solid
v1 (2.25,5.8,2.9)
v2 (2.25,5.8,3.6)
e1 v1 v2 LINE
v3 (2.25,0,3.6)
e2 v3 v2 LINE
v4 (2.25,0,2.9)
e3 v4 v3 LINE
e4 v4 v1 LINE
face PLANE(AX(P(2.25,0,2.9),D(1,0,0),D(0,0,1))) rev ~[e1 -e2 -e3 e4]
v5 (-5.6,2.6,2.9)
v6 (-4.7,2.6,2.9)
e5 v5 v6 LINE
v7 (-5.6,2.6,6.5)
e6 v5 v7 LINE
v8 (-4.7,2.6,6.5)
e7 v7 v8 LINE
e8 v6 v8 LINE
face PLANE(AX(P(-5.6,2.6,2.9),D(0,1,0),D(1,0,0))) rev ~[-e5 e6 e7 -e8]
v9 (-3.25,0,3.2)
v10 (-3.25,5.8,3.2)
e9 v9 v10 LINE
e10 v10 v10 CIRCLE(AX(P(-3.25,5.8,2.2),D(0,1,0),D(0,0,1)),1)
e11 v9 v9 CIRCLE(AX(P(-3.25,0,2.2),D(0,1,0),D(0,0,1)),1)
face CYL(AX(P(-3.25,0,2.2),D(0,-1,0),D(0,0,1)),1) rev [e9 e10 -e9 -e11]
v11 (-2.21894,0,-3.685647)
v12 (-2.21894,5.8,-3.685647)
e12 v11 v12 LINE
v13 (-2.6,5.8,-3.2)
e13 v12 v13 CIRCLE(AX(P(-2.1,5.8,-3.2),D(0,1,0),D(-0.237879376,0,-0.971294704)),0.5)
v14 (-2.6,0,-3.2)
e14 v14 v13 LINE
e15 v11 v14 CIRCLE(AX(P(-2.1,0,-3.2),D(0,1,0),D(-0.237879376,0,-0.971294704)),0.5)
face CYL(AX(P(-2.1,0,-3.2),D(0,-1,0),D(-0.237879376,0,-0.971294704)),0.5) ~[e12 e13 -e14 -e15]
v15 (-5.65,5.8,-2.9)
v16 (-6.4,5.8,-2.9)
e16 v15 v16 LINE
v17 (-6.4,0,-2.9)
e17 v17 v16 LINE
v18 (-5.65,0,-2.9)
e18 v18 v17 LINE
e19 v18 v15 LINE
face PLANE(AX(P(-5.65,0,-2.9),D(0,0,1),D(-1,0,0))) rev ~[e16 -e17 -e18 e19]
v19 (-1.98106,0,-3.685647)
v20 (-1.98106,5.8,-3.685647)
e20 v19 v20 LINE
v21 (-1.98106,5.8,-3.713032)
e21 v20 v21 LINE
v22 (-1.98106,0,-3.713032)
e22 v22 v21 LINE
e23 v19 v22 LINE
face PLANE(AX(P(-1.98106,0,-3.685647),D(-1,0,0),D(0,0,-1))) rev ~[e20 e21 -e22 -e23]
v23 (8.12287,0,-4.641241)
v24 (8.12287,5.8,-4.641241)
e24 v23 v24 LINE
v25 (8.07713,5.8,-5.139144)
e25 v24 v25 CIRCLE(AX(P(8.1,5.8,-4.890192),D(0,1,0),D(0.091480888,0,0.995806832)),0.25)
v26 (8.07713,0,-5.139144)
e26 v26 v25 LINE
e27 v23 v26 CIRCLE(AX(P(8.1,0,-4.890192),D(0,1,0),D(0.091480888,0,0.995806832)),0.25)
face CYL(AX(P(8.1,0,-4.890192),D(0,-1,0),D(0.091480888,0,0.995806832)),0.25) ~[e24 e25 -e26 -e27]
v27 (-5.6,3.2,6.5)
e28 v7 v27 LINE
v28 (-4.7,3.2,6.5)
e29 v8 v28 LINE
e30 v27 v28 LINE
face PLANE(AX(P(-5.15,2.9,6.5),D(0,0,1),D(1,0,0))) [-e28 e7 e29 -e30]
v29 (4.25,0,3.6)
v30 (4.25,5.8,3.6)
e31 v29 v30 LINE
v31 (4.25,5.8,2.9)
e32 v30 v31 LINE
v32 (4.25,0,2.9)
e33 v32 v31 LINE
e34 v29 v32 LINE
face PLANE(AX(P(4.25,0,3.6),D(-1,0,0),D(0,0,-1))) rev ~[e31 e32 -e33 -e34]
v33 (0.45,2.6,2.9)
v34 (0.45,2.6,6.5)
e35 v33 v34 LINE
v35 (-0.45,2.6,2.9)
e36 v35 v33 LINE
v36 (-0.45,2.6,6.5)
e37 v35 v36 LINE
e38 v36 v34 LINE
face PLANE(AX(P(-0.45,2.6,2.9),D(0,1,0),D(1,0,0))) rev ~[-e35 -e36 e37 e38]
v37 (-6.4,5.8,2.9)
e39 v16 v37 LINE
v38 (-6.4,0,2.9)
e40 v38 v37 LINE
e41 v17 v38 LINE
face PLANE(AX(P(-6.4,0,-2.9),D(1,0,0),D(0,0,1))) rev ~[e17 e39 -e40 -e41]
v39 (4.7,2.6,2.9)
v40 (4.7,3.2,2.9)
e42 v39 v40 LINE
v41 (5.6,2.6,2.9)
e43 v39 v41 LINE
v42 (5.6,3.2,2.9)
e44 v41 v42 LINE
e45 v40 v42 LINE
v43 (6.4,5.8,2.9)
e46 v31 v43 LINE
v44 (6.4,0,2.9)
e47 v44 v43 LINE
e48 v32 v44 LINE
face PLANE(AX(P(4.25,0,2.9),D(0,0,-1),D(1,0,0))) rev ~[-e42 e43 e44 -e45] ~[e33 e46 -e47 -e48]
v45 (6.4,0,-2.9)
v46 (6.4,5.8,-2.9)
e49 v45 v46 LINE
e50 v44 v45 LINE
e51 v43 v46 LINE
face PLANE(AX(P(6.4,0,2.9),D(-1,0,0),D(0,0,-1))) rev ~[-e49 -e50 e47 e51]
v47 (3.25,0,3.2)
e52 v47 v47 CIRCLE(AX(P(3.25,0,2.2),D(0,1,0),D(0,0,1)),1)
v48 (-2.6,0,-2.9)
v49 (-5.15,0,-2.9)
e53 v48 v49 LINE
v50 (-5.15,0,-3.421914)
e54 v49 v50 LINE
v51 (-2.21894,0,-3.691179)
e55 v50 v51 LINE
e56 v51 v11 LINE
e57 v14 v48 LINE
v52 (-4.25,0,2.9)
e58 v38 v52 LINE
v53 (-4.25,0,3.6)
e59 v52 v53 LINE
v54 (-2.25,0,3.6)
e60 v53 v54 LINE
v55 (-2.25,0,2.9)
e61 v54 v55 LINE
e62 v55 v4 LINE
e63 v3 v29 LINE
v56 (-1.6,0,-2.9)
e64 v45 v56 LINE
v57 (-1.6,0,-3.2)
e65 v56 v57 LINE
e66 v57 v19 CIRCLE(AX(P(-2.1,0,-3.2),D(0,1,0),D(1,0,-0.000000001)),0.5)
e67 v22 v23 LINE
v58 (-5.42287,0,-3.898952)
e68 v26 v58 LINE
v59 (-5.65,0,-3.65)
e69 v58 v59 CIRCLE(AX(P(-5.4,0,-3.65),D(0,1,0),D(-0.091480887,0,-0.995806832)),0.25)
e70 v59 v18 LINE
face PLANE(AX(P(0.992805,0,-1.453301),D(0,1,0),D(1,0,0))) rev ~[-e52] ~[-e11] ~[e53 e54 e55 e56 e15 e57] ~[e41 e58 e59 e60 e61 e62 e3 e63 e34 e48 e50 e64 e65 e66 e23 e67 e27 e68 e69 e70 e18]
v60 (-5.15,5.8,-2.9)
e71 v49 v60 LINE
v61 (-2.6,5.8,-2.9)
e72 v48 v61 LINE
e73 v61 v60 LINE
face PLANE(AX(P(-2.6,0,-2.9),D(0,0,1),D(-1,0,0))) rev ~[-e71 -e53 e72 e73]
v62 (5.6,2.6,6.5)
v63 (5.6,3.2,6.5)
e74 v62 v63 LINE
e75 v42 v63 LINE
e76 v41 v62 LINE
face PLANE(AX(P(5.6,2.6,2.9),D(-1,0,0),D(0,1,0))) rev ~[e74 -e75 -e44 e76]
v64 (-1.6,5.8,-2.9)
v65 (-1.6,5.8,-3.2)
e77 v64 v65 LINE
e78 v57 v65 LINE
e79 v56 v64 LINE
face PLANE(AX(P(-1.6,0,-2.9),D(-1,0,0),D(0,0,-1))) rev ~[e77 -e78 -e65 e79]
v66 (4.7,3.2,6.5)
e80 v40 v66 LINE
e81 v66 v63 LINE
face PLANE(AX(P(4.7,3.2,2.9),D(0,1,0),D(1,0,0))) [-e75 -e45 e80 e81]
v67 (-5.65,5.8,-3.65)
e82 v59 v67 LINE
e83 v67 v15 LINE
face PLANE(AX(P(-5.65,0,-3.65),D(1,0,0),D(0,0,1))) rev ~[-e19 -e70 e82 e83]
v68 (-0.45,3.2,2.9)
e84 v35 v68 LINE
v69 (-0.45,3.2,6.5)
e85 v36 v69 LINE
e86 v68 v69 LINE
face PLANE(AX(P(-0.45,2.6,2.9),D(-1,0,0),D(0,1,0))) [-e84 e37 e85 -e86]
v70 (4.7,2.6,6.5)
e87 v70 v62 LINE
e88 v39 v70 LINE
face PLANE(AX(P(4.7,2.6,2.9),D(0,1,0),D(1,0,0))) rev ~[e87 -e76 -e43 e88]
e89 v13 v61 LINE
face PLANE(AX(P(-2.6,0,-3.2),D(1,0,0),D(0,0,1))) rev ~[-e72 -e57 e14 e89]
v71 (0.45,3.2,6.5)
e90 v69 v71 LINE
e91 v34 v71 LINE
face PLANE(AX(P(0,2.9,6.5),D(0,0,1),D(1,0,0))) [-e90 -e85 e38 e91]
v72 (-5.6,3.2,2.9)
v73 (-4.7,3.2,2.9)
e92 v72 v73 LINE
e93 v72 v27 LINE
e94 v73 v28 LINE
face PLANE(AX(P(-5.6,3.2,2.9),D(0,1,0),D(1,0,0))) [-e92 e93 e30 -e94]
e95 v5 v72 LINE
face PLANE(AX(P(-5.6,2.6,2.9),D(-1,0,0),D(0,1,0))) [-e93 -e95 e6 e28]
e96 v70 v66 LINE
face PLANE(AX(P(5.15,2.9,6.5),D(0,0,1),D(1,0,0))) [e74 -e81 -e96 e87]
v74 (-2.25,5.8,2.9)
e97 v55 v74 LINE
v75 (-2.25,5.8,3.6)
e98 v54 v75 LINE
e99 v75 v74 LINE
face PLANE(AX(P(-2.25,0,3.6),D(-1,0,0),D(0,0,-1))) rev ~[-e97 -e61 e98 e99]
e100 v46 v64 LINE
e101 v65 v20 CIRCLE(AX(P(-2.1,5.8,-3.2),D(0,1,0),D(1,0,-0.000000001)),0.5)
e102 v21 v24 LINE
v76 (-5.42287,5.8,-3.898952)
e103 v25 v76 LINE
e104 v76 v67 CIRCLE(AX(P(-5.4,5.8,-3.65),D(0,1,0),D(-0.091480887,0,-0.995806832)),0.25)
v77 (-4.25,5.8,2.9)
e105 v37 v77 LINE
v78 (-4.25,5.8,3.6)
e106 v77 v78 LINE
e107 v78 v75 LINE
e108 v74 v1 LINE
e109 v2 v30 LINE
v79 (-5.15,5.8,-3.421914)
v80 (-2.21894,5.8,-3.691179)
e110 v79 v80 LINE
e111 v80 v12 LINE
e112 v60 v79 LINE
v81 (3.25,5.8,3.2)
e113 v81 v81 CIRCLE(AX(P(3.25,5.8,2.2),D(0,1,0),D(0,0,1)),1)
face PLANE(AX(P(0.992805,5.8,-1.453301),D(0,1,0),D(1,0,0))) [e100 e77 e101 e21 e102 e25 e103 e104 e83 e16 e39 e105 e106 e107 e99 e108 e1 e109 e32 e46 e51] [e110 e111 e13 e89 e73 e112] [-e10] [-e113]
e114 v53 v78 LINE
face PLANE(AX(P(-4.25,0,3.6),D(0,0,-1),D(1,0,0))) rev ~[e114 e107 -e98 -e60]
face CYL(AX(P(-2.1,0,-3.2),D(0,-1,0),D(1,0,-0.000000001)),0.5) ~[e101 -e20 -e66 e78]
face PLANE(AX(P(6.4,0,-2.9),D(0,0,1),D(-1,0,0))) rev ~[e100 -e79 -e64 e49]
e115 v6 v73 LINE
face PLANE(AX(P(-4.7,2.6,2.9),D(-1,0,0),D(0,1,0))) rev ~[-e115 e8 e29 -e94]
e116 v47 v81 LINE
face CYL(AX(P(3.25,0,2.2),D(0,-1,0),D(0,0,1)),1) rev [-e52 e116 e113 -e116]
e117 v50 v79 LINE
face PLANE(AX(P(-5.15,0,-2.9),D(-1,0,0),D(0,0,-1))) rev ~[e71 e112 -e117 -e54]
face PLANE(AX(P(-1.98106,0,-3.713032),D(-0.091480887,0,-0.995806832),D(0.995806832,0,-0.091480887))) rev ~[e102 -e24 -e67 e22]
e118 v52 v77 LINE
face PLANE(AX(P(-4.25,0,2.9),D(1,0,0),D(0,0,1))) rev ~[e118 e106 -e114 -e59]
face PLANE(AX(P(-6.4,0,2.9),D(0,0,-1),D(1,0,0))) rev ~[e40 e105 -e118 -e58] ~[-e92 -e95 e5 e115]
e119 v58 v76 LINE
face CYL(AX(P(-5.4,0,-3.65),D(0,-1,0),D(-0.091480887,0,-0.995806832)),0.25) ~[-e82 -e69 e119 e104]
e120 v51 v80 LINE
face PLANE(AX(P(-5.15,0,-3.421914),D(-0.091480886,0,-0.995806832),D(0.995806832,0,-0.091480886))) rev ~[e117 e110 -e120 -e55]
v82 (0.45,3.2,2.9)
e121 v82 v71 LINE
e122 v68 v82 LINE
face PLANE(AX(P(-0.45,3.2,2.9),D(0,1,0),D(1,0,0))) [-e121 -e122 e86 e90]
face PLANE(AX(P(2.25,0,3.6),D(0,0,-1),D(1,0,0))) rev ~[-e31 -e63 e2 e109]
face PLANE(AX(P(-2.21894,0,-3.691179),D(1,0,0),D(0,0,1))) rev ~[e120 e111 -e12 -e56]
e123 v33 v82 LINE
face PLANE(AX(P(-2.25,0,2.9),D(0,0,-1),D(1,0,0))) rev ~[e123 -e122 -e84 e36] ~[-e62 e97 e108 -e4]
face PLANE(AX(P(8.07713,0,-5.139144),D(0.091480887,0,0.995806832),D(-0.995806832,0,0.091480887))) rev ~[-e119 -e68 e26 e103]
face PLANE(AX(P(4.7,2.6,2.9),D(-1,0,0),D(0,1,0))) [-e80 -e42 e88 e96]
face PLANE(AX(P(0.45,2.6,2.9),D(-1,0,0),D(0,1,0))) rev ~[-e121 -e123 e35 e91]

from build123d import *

# Parameters (mm, degrees)
SKETCH1_R           = 1
BOSS_EXTRUDE1_DEPTH = 5.8
SKETCH3_W           = 0.9
SKETCH3_H           = 0.6
BOSS_EXTRUDE2_DEPTH = 3.6


with BuildPart() as part:
    # Sketch1 → Boss-Extrude1 (new body)
    with BuildSketch(Plane(origin=(0, 0, 0), x_dir=(1, 0, 0), z_dir=(0, 1, 0))):
        with BuildLine():
            ThreePointArc((-1.6, 3.2), (-1.7066364, 3.508650414), (-1.981060312, 3.685647352))
            Line((-1.981060312, 3.685647352), (-1.981060312, 3.713031937))
            Line((-1.981060312, 3.713031937), (8.122870222, 4.641240594))
            ThreePointArc((8.122870222, 4.641240594), (8.348951708, 4.913062524), (8.077129778, 5.13914401))
            Line((8.077129778, 5.13914401), (-5.422870222, 3.898951708))
            ThreePointArc((-5.422870222, 3.898951708), (-5.584685619, 3.81849695), (-5.65, 3.65))
            Line((-5.65, 3.65), (-5.65, 2.9))
            Line((-5.65, 2.9), (-6.4, 2.9))
            Line((-6.4, 2.9), (-6.4, -2.9))
            Line((-6.4, -2.9), (-4.25, -2.9))
            Line((-4.25, -2.9), (-4.25, -3.6))
            Line((-4.25, -3.6), (-2.25, -3.6))
            Line((-2.25, -3.6), (-2.25, -2.9))
            Line((-2.25, -2.9), (2.25, -2.9))
            Line((2.25, -2.9), (2.25, -3.6))
            Line((2.25, -3.6), (4.25, -3.6))
            Line((4.25, -3.6), (4.25, -2.9))
            Line((4.25, -2.9), (6.4, -2.9))
            Line((6.4, -2.9), (6.4, 2.9))
            Line((6.4, 2.9), (-1.6, 2.9))
            Line((-1.6, 2.9), (-1.6, 3.2))
        make_face()
        with Locations(Location((-3.25, -2.2, 0), (0, 0, 270))):
            Circle(SKETCH1_R, mode=Mode.SUBTRACT)
        with Locations(Location((3.25, -2.2, 0), (0, 0, 270))):
            Circle(SKETCH1_R, mode=Mode.SUBTRACT)
        with BuildLine():
            Line((-2.218939688, 3.691178887), (-2.218939688, 3.685647352))
            ThreePointArc((-2.218939688, 3.685647352), (-2.4933636, 3.508650414), (-2.6, 3.2))
            Line((-2.6, 3.2), (-2.6, 2.9))
            Line((-2.6, 2.9), (-5.15, 2.9))
            Line((-5.15, 2.9), (-5.15, 3.421913818))
            Line((-5.15, 3.421913818), (-2.218939688, 3.691178887))
        make_face(mode=Mode.SUBTRACT)
    extrude(amount=BOSS_EXTRUDE1_DEPTH)

    # Sketch3 → Boss-Extrude2 (add)
    with BuildSketch(Plane.XY.offset(2.9)):
        with Locations((-5.15, 2.9)):
            Rectangle(SKETCH3_W, SKETCH3_H)
        with Locations((0, 2.9)):
            Rectangle(SKETCH3_W, SKETCH3_H)
        with Locations((5.15, 2.9)):
            Rectangle(SKETCH3_W, SKETCH3_H)
    extrude(amount=BOSS_EXTRUDE2_DEPTH)


solid = part.part
